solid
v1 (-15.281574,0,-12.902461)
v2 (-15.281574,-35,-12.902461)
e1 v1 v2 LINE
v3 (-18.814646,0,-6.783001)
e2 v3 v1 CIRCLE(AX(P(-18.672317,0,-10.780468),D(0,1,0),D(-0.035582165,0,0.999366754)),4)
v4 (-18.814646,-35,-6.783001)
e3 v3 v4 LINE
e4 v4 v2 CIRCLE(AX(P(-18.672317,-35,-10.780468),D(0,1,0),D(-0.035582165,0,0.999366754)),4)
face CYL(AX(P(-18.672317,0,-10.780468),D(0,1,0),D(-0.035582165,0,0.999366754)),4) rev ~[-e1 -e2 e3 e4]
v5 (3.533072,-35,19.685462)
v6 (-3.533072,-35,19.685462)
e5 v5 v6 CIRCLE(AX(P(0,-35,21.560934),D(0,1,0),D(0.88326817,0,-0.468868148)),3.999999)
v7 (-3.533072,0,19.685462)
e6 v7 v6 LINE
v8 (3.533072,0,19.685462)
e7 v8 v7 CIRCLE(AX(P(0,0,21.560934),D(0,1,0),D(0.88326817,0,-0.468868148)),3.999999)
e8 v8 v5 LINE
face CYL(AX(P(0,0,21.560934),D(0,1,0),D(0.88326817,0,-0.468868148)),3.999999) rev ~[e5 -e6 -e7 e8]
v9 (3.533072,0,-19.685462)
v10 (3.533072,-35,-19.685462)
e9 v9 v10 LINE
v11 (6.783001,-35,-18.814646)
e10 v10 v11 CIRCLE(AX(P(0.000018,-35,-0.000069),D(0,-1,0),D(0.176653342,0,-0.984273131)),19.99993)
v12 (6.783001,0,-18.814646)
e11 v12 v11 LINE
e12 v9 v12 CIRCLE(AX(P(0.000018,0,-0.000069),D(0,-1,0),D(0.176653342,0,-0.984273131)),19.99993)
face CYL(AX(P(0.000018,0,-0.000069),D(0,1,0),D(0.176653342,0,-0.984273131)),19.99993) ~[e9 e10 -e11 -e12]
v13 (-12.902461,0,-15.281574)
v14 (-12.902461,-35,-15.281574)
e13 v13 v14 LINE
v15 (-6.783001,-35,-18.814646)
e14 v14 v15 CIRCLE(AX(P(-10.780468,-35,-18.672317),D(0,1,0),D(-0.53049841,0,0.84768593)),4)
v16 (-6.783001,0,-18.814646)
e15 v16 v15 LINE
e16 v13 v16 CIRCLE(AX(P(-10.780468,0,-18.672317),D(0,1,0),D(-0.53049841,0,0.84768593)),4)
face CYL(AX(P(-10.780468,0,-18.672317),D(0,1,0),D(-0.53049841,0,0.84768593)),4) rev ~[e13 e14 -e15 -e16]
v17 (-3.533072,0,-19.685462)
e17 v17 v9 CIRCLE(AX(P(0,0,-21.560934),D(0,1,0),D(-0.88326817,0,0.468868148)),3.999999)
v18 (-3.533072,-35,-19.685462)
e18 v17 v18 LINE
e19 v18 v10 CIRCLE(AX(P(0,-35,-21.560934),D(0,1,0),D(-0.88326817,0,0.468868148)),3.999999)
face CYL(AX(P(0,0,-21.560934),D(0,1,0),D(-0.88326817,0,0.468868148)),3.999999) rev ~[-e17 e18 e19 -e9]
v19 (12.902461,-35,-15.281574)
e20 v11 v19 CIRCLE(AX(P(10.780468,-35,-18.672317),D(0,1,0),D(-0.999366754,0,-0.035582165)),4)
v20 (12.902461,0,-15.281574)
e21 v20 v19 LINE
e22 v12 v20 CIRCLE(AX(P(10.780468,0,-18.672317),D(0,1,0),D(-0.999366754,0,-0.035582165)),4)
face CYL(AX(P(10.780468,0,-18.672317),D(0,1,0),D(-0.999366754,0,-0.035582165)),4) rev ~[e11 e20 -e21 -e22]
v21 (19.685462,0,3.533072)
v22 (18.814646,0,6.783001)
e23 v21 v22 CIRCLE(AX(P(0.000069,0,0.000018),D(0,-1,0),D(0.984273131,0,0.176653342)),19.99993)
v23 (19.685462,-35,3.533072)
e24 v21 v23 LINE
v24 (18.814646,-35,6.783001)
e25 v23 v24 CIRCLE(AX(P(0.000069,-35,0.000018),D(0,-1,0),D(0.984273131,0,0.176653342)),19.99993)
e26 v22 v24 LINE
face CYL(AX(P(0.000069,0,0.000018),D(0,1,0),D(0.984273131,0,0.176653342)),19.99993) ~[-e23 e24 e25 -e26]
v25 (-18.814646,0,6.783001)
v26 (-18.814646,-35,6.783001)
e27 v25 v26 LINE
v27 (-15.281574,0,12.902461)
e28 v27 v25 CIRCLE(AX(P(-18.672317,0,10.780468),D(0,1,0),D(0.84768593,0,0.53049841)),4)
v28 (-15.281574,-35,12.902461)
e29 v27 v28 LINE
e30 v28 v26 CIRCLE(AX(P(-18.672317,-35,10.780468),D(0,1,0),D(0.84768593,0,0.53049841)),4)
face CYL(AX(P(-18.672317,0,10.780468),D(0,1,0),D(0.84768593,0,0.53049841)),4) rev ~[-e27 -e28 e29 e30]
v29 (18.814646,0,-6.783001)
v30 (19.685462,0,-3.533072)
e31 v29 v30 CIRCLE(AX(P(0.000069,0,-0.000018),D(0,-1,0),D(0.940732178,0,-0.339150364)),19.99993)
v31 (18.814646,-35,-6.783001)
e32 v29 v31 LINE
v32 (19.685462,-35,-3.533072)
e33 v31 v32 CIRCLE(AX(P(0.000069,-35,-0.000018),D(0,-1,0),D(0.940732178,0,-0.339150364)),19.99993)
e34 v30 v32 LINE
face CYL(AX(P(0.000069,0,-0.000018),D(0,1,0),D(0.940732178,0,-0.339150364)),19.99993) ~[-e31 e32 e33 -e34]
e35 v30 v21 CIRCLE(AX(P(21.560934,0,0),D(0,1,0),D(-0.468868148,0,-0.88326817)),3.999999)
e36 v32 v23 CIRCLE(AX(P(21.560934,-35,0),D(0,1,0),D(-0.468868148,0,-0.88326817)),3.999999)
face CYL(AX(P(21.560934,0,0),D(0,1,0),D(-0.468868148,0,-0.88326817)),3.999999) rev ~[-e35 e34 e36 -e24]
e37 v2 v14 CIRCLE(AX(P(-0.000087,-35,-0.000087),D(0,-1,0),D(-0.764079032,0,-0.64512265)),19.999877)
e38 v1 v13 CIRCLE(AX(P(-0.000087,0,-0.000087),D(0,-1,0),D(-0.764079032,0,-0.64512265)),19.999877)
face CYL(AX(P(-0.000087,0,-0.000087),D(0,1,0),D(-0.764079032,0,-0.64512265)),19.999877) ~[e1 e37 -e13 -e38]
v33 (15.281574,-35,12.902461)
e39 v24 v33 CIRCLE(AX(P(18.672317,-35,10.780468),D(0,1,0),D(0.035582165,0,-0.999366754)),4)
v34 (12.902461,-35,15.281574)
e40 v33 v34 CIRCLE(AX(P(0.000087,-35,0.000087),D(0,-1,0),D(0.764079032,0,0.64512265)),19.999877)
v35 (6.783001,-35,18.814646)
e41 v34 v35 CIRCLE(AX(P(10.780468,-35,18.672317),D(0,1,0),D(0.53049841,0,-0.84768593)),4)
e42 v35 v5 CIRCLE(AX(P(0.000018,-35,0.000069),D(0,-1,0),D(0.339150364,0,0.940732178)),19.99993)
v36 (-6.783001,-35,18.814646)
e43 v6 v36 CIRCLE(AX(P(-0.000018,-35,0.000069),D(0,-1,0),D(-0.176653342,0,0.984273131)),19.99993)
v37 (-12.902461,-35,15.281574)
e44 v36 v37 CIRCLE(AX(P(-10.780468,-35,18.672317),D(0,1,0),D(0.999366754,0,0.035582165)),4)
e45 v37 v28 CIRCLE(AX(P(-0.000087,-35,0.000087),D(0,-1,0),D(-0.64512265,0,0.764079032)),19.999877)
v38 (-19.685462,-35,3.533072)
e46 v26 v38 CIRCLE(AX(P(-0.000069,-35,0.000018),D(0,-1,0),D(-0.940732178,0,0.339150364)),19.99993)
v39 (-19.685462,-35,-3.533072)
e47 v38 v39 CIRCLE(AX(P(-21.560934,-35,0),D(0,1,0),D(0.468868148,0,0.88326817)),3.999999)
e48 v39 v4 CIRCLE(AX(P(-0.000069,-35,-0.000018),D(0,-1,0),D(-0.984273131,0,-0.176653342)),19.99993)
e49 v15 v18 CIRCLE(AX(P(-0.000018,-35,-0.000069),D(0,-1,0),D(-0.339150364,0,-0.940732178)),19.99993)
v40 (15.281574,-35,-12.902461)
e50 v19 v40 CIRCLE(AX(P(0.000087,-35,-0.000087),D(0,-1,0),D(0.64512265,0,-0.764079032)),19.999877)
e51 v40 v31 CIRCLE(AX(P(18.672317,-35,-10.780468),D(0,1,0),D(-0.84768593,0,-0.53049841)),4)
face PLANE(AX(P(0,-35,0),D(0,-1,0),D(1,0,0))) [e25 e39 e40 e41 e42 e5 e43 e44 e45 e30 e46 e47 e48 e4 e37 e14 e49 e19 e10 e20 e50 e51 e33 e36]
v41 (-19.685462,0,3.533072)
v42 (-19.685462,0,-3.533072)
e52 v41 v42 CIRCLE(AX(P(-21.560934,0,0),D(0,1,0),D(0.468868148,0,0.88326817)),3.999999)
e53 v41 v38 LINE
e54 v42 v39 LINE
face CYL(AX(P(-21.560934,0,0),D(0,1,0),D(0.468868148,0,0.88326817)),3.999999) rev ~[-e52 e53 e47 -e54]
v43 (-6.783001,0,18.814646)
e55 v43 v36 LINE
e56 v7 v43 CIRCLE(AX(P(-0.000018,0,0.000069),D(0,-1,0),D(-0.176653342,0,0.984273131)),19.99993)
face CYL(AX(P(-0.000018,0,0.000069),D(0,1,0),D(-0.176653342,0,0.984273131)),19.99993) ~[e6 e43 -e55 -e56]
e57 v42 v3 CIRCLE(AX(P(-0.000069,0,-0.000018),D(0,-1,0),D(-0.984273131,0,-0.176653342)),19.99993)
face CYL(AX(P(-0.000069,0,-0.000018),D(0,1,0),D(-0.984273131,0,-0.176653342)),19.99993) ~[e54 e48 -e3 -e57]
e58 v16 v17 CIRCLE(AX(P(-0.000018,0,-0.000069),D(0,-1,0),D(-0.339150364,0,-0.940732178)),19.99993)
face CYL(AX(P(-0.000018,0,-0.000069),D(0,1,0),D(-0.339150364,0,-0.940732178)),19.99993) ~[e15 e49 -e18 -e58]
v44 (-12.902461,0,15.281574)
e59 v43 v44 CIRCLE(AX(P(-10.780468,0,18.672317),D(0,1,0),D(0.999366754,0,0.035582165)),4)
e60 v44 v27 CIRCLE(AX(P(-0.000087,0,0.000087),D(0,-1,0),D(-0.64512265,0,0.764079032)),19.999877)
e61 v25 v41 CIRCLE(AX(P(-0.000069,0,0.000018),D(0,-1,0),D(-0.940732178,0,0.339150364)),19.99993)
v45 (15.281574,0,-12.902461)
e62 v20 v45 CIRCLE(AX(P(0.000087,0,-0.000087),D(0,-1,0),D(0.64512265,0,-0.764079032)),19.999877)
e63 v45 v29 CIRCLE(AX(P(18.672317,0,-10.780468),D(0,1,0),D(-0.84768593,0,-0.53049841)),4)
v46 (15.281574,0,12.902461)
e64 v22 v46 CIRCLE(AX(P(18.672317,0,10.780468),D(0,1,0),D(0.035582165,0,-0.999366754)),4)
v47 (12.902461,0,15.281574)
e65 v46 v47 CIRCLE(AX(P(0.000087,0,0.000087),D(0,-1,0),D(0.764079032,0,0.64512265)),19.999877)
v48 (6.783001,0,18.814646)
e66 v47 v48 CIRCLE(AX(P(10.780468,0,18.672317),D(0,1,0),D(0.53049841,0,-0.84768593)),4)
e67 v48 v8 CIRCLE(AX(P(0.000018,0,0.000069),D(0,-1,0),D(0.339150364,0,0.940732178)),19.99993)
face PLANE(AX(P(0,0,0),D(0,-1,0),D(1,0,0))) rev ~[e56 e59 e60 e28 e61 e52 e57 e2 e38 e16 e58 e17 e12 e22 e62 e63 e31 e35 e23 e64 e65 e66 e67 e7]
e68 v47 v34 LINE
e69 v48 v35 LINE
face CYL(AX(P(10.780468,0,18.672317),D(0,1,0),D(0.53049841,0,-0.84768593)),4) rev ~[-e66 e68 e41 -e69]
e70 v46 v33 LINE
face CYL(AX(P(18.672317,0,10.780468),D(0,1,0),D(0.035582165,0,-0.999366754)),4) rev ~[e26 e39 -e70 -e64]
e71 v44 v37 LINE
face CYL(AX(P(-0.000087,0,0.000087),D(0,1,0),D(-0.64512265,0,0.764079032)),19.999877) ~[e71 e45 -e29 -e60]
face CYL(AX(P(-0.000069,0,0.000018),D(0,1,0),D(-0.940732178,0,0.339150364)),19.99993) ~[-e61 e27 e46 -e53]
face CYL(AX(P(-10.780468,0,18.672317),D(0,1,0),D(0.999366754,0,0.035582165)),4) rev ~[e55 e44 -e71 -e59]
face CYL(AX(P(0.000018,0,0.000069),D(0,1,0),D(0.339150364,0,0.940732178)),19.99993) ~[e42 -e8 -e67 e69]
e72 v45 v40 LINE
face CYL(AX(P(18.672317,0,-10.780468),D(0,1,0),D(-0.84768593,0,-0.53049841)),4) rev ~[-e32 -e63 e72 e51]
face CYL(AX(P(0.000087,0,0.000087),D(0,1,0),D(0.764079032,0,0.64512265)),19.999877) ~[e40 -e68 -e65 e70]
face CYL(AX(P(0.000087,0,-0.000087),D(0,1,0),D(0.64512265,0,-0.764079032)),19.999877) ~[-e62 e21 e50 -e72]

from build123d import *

# Parameters (mm, degrees)
F1_DEPTH = 35


with BuildPart() as f1:
    # F0 (on Front) → F1 (new body)
    with BuildSketch(Plane.XZ):
        with BuildLine():
            ThreePointArc((3.533072, 19.685462), (0, 17.560935), (-3.533072, 19.685462))
            ThreePointArc((-3.533072, 19.685462), (-5.176381, 19.318517), (-6.783001, 18.814646))
            ThreePointArc((-6.783001, 18.814646), (-8.780468, 15.208216), (-12.902461, 15.281574))
            ThreePointArc((-12.902461, 15.281574), (-14.142136, 14.142136), (-15.281574, 12.902461))
            ThreePointArc((-15.281574, 12.902461), (-15.208216, 8.780468), (-18.814646, 6.783001))
            ThreePointArc((-18.814646, 6.783001), (-19.318517, 5.176381), (-19.685462, 3.533072))
            ThreePointArc((-19.685462, 3.533072), (-17.560935, 0), (-19.685462, -3.533072))
            ThreePointArc((-19.685462, -3.533072), (-19.318517, -5.176381), (-18.814646, -6.783001))
            ThreePointArc((-18.814646, -6.783001), (-15.208216, -8.780468), (-15.281574, -12.902461))
            ThreePointArc((-15.281574, -12.902461), (-14.142136, -14.142136), (-12.902461, -15.281574))
            ThreePointArc((-12.902461, -15.281574), (-8.780468, -15.208216), (-6.783001, -18.814646))
            ThreePointArc((-6.783001, -18.814646), (-5.176381, -19.318517), (-3.533072, -19.685462))
            ThreePointArc((-3.533072, -19.685462), (0, -17.560935), (3.533072, -19.685462))
            ThreePointArc((3.533072, -19.685462), (5.176381, -19.318517), (6.783001, -18.814646))
            ThreePointArc((6.783001, -18.814646), (8.780468, -15.208216), (12.902461, -15.281574))
            ThreePointArc((12.902461, -15.281574), (14.142136, -14.142136), (15.281574, -12.902461))
            ThreePointArc((15.281574, -12.902461), (15.208216, -8.780468), (18.814646, -6.783001))
            ThreePointArc((18.814646, -6.783001), (19.318517, -5.176381), (19.685462, -3.533072))
            ThreePointArc((19.685462, -3.533072), (17.560935, 0), (19.685462, 3.533072))
            ThreePointArc((19.685462, 3.533072), (19.318517, 5.176381), (18.814646, 6.783001))
            ThreePointArc((18.814646, 6.783001), (15.208216, 8.780468), (15.281574, 12.902461))
            ThreePointArc((15.281574, 12.902461), (14.142136, 14.142136), (12.902461, 15.281574))
            ThreePointArc((12.902461, 15.281574), (8.780468, 15.208216), (6.783001, 18.814646))
            ThreePointArc((6.783001, 18.814646), (5.176381, 19.318517), (3.533072, 19.685462))
        make_face()
    extrude(amount=F1_DEPTH)


solid = f1.part
